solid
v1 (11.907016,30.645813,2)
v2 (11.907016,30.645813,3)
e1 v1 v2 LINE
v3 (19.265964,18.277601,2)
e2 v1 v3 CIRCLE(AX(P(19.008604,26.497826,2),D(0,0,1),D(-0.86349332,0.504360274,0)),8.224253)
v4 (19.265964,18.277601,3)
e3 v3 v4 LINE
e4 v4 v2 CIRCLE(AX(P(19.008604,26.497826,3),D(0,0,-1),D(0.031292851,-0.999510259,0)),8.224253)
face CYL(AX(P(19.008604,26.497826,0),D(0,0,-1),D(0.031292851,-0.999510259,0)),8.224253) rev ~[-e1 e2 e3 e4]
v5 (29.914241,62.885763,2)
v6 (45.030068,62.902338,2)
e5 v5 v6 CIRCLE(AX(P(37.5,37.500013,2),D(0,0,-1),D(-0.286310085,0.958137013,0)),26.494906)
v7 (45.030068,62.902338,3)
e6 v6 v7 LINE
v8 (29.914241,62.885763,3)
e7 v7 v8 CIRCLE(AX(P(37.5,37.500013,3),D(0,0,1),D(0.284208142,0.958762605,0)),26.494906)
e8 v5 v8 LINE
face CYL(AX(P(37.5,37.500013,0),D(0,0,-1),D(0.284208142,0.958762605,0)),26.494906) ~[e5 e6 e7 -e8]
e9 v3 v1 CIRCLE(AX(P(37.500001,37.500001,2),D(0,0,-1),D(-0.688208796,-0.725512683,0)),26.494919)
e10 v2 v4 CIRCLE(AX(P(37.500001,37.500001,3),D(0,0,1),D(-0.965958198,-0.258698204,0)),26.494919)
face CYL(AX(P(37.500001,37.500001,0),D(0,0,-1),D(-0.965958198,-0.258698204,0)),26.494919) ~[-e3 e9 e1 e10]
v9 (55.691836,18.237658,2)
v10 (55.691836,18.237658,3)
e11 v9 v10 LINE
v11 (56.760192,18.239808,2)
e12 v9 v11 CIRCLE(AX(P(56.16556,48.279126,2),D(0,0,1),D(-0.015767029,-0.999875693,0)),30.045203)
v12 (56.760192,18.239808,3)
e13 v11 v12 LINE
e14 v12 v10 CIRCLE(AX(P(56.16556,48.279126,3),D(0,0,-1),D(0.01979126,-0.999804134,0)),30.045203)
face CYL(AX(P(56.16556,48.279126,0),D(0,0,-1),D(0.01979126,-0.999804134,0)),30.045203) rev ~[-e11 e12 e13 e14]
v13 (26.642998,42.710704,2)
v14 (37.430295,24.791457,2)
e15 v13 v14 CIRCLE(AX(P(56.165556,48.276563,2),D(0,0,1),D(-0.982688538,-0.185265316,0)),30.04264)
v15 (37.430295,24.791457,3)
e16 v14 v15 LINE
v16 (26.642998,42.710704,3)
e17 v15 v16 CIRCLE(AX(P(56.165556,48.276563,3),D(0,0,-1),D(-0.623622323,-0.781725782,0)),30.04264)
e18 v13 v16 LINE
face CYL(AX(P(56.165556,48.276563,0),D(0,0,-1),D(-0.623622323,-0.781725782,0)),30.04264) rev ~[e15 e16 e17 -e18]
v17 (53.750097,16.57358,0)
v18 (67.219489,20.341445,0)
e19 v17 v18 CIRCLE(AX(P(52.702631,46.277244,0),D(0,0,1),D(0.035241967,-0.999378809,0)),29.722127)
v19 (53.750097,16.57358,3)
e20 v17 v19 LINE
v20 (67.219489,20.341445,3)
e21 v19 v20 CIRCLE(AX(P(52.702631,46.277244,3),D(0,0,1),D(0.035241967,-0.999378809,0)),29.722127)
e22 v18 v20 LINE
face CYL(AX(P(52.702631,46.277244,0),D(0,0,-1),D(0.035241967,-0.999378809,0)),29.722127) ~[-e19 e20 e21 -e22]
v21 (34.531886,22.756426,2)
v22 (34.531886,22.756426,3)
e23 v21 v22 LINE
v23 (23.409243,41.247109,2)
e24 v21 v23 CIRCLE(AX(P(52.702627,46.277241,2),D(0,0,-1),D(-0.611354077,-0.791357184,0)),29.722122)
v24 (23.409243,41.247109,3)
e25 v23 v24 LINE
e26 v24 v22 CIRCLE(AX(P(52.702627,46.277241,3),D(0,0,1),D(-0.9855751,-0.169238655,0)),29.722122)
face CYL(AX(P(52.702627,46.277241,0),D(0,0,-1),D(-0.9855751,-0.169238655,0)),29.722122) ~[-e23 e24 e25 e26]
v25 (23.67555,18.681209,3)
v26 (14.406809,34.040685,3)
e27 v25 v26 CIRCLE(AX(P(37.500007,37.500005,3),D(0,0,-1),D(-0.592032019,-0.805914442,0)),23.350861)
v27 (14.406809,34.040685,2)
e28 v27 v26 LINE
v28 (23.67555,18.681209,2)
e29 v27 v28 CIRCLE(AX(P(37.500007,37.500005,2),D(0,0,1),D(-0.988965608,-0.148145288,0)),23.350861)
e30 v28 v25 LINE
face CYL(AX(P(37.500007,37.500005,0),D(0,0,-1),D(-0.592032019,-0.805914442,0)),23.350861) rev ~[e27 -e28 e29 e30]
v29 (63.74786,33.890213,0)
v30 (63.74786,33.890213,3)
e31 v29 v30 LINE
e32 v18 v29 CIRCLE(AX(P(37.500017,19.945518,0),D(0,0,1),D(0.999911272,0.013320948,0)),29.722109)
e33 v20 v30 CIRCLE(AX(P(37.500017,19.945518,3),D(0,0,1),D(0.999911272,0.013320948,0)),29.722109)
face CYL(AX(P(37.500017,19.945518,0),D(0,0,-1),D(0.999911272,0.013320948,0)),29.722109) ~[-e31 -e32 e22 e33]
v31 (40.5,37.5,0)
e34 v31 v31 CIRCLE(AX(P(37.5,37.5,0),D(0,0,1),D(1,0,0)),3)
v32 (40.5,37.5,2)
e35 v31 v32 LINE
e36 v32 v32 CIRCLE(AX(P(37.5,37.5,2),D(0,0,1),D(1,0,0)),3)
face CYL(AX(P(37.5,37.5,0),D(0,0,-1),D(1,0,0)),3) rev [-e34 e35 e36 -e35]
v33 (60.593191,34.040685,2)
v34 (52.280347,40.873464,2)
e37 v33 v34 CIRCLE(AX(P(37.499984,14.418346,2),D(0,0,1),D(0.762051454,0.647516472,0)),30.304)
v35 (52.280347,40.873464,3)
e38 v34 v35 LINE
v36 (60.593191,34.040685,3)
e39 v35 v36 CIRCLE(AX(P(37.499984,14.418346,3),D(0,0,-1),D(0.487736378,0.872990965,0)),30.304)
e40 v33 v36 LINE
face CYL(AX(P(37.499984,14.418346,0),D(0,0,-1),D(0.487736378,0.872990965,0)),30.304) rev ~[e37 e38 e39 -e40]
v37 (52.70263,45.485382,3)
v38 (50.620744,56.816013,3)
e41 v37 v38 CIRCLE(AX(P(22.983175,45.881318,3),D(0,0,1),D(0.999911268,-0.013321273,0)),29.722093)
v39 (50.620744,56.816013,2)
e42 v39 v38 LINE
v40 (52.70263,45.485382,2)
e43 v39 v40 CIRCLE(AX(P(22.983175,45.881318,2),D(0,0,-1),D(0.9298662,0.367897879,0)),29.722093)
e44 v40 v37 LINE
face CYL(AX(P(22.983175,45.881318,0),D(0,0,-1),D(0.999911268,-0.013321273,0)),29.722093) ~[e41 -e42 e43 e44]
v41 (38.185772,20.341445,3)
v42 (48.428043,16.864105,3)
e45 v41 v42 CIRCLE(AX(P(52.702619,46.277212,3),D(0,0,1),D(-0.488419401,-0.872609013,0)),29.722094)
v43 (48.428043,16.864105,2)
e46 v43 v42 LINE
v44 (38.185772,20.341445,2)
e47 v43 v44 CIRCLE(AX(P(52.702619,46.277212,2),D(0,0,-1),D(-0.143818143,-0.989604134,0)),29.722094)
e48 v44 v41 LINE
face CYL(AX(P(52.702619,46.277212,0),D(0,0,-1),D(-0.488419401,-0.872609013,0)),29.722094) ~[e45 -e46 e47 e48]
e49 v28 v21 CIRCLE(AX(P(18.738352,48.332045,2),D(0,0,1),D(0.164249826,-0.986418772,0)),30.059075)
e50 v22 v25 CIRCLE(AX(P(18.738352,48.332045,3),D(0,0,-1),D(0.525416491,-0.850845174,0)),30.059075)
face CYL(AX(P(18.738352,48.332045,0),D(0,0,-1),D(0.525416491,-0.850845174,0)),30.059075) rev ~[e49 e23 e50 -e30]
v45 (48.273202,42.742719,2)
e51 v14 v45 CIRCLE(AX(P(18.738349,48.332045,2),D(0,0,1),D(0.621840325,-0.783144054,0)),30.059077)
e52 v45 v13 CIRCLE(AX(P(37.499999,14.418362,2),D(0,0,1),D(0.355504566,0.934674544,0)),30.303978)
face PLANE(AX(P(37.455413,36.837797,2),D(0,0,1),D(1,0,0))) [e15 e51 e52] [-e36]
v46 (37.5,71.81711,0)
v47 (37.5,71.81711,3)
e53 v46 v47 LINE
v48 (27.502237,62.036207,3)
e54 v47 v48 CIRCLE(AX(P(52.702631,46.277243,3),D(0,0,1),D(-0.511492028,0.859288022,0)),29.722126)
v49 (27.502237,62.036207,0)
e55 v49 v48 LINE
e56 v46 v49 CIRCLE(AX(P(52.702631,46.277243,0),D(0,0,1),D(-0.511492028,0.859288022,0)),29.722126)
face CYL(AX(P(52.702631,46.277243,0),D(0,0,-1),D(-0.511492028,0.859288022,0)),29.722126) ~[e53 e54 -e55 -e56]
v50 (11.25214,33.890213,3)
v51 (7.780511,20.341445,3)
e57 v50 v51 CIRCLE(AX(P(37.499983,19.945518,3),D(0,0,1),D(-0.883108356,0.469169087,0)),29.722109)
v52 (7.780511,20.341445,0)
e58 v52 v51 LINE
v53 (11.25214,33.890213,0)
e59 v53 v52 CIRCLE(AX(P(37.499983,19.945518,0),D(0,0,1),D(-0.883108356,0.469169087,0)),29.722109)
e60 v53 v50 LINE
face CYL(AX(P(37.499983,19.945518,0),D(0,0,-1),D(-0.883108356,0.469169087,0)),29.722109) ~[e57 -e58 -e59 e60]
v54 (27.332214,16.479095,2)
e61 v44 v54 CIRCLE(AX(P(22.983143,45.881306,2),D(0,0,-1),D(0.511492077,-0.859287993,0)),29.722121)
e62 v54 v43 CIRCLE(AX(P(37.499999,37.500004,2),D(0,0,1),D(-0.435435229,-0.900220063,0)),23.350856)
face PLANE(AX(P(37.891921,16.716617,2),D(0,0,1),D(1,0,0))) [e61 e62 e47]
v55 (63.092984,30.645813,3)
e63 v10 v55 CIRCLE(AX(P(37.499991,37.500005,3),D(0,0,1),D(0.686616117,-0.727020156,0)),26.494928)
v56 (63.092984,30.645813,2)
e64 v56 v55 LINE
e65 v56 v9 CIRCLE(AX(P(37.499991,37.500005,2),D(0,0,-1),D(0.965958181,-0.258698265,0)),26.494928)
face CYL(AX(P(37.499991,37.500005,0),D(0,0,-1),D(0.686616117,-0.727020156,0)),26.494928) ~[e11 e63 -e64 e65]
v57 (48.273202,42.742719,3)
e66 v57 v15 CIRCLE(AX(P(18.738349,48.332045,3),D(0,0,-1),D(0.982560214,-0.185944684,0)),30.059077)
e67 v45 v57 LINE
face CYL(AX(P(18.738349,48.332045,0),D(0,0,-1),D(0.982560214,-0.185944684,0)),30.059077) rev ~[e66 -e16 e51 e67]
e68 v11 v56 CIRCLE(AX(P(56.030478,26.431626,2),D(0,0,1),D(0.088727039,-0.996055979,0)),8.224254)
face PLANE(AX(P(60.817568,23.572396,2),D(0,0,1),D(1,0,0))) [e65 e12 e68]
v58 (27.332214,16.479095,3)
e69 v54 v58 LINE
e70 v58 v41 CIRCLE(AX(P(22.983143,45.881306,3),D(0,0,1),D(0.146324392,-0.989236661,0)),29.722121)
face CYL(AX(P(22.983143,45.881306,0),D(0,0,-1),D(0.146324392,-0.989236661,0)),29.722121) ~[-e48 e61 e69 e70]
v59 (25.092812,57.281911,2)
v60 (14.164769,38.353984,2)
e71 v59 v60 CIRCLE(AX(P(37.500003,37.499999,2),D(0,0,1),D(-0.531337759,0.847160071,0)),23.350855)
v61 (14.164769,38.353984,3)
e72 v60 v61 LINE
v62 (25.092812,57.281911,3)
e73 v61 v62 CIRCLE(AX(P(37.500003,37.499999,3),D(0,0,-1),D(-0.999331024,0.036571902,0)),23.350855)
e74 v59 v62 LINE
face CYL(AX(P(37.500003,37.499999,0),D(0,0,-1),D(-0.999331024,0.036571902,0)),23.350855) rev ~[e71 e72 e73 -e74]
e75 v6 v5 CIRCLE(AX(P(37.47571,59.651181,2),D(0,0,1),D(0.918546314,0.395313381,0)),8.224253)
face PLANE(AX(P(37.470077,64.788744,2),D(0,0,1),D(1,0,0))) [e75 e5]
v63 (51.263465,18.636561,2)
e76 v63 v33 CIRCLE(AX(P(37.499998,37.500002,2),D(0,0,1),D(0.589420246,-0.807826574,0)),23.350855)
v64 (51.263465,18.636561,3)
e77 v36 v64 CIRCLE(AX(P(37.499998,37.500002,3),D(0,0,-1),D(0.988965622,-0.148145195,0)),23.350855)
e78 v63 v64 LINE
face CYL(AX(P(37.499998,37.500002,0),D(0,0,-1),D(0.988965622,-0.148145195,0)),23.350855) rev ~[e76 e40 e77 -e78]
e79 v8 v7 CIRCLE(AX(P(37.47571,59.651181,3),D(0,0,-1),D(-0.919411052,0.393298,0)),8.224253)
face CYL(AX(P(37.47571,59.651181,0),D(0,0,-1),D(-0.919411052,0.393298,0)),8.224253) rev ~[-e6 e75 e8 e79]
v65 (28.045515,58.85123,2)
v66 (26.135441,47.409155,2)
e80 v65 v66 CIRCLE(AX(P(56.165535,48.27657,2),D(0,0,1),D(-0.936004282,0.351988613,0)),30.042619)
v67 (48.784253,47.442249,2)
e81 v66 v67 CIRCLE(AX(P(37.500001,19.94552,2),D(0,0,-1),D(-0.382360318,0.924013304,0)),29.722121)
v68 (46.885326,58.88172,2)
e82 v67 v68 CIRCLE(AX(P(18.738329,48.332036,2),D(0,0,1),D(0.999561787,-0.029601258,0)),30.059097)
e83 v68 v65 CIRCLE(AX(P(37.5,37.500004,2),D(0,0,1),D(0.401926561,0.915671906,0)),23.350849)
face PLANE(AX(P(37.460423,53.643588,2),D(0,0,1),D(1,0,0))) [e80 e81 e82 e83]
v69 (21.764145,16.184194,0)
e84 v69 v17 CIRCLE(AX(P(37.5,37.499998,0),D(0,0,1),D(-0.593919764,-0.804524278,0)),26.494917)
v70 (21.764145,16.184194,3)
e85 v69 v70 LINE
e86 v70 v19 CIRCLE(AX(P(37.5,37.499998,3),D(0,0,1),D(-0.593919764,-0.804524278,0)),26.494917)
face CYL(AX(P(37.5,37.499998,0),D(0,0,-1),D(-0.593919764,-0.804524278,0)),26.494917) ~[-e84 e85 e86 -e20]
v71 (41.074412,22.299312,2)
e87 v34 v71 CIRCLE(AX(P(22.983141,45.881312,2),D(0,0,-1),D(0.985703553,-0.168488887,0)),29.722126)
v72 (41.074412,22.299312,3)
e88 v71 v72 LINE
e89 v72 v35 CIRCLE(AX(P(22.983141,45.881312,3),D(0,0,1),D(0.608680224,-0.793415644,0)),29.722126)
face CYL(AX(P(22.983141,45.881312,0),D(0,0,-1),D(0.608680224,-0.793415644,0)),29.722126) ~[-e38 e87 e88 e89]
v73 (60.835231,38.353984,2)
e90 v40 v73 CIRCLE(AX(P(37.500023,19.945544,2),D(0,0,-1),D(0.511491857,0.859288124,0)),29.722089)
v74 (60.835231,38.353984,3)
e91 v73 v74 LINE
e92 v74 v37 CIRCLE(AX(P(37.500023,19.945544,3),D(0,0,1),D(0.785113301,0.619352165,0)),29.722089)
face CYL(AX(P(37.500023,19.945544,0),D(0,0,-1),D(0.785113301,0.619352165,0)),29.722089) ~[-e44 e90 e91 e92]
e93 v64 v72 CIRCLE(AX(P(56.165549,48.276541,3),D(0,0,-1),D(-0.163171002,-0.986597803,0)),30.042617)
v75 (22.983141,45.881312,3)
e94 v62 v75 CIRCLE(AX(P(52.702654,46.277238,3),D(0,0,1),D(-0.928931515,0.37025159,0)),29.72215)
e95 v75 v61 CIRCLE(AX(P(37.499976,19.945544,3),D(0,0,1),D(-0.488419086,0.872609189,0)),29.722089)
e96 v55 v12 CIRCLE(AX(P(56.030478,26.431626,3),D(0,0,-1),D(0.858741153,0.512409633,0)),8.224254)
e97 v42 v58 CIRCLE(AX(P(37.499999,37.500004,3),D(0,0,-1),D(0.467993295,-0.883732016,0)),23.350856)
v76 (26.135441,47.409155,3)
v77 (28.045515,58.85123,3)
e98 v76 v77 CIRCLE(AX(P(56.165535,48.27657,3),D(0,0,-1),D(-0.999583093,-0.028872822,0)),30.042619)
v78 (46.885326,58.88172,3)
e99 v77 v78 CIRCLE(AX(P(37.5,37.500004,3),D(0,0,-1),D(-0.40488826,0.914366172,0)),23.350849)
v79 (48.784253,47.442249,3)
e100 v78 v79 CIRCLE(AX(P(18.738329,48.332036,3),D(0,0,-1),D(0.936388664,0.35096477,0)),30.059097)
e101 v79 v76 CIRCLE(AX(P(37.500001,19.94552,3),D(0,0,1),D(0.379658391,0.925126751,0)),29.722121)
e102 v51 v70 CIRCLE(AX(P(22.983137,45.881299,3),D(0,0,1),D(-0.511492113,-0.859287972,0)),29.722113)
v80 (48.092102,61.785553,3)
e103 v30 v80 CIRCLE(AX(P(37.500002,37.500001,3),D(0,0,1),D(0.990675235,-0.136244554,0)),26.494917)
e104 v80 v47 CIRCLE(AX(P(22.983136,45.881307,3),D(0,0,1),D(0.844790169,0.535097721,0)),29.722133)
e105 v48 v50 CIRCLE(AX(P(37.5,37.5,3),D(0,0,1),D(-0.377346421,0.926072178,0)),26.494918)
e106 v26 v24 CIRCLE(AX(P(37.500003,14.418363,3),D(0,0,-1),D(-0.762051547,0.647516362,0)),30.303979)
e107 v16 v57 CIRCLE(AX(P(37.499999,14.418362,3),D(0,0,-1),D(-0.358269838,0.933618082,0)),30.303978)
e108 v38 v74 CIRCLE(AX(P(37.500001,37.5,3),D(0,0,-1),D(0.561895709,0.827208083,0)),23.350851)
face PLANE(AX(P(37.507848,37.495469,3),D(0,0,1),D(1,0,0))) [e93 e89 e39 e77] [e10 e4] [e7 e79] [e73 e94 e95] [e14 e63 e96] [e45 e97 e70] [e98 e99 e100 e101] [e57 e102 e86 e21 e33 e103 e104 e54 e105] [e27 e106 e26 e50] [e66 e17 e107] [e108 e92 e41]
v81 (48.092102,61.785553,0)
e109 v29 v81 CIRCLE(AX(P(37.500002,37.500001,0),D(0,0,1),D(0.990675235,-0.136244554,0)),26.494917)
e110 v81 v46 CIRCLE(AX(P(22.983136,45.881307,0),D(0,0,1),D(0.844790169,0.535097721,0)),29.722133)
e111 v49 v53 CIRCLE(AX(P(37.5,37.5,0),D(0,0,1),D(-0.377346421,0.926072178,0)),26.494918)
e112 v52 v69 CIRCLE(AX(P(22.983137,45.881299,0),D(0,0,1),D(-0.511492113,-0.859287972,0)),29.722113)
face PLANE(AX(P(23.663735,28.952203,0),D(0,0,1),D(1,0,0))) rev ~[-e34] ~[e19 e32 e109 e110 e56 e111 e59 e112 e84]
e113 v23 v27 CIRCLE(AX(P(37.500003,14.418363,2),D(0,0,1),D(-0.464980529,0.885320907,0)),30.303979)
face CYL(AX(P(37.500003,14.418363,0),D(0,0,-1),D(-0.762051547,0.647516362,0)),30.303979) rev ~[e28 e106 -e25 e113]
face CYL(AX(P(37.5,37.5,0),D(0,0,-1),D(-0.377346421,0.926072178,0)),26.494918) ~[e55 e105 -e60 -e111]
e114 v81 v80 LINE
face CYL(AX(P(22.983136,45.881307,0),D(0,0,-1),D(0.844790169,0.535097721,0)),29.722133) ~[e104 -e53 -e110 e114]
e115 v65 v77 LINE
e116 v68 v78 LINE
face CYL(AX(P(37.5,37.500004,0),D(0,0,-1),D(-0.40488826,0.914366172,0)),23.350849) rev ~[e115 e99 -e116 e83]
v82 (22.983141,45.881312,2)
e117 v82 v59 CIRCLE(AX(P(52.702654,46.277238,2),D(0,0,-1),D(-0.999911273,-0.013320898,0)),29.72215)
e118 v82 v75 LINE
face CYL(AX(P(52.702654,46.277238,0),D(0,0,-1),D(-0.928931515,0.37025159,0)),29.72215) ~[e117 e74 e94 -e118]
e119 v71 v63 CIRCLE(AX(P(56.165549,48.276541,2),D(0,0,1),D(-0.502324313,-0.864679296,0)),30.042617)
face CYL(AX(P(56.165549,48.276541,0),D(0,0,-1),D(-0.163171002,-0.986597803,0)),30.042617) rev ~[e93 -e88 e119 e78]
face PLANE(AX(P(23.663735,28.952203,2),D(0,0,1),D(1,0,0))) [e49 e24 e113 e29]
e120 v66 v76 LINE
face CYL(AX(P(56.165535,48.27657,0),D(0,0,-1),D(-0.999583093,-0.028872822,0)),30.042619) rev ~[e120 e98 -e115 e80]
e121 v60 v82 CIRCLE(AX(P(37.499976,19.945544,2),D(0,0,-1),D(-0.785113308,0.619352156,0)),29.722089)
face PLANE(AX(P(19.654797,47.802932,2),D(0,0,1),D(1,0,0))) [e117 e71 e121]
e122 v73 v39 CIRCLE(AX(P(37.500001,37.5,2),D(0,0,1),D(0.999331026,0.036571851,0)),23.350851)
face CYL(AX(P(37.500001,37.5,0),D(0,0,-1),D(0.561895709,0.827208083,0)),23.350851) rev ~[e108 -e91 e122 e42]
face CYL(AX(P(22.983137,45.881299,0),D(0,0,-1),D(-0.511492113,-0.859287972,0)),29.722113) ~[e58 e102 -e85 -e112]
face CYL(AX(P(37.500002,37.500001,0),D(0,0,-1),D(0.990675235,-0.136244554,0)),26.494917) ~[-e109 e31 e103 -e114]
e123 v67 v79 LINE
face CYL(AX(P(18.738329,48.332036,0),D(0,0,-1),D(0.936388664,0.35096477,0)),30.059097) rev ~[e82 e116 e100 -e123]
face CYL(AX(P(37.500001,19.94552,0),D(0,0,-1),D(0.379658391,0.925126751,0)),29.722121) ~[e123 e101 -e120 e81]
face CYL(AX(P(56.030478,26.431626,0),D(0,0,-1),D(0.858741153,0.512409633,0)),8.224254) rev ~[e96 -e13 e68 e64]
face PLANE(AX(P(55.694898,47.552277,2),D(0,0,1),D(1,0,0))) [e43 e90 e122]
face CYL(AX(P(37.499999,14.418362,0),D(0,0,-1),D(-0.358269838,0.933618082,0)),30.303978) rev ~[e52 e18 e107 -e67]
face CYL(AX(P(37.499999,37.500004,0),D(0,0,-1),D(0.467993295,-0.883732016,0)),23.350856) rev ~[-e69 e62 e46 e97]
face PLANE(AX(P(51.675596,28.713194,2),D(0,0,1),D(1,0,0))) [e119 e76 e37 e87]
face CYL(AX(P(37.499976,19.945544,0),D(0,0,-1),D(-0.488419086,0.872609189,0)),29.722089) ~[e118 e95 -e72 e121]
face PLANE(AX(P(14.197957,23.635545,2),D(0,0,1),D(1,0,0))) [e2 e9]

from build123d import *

# Parameters (mm, degrees)
F1_DEPTH = 3
F0_R     = 3
F2_DEPTH = 2


with BuildPart() as f1:
    # F0 (on Top) → F1 (new body)
    with BuildSketch(Plane.XY):
        with BuildLine():
            ThreePointArc((11.25214, 33.890213), (8.708016, 27.322944), (7.780511, 20.341445))
            ThreePointArc((7.780511, 20.341445), (14.513304, 17.391548), (21.764145, 16.184194))
            ThreePointArc((21.764145, 16.184194), (37.822516, 11.007044), (53.750097, 16.57358))
            ThreePointArc((53.750097, 16.57358), (60.709581, 17.653939), (67.219489, 20.341445))
            ThreePointArc((67.219489, 20.341445), (66.291984, 27.322944), (63.74786, 33.890213))
            ThreePointArc((63.74786, 33.890213), (60.604831, 50.467171), (48.092102, 61.785553))
            ThreePointArc((48.092102, 61.785553), (43.421082, 67.461288), (37.5, 71.81711))
            ThreePointArc((37.5, 71.81711), (31.917597, 67.523117), (27.502237, 62.036207))
            ThreePointArc((27.502237, 62.036207), (14.554727, 50.747459), (11.25214, 33.890213))
        make_face()
        with BuildLine():
            ThreePointArc((19.265964, 18.277601), (11.940787, 22.292555), (11.907016, 30.645813))
            ThreePointArc((11.907016, 30.645813), (14.730611, 23.952468), (19.265964, 18.277601))
        make_face(mode=Mode.SUBTRACT)
        with BuildLine():
            ThreePointArc((23.67555, 18.681209), (17.507341, 25.435346), (14.406809, 34.040685))
            ThreePointArc((14.406809, 34.040685), (18.562085, 38.076055), (23.409243, 41.247109))
            ThreePointArc((23.409243, 41.247109), (27.23329, 30.95675), (34.531886, 22.756426))
            ThreePointArc((34.531886, 22.756426), (29.302095, 20.190344), (23.67555, 18.681209))
        make_face(mode=Mode.SUBTRACT)
        with BuildLine():
            ThreePointArc((37.430295, 24.791457), (30.426886, 32.782013), (26.642998, 42.710704))
            ThreePointArc((26.642998, 42.710704), (37.455146, 44.722307), (48.273202, 42.742719))
            ThreePointArc((48.273202, 42.742719), (44.468059, 32.790805), (37.430295, 24.791457))
        make_face(mode=Mode.SUBTRACT)
        with BuildLine():
            ThreePointArc((48.428043, 16.864105), (37.926094, 14.153036), (27.332214, 16.479095))
            ThreePointArc((27.332214, 16.479095), (32.947915, 17.879382), (38.185772, 20.341445))
            ThreePointArc((38.185772, 20.341445), (43.147392, 18.132932), (48.428043, 16.864105))
        make_face(mode=Mode.SUBTRACT)
        with BuildLine():
            ThreePointArc((56.760192, 18.239808), (56.226023, 18.233984), (55.691836, 18.237658))
            ThreePointArc((55.691836, 18.237658), (60.25452, 23.927509), (63.092984, 30.645813))
            ThreePointArc((63.092984, 30.645813), (63.355566, 22.692448), (56.760192, 18.239808))
        make_face(mode=Mode.SUBTRACT)
        with BuildLine():
            ThreePointArc((60.593191, 34.040685), (57.473108, 25.403006), (51.263465, 18.636561))
            ThreePointArc((51.263465, 18.636561), (46.002569, 20.00513), (41.074412, 22.299312))
            ThreePointArc((41.074412, 22.299312), (48.432438, 30.527547), (52.280347, 40.873464))
            ThreePointArc((52.280347, 40.873464), (56.742477, 37.829003), (60.593191, 34.040685))
        make_face(mode=Mode.SUBTRACT)
        with BuildLine():
            ThreePointArc((14.164769, 38.353984), (17.277569, 49.175426), (25.092812, 57.281911))
            ThreePointArc((25.092812, 57.281911), (23.476687, 51.685478), (22.983141, 45.881312))
            ThreePointArc((22.983141, 45.881312), (18.203359, 42.551807), (14.164769, 38.353984))
        make_face(mode=Mode.SUBTRACT)
        with BuildLine():
            ThreePointArc((28.045515, 58.85123), (37.462209, 60.850822), (46.885326, 58.88172))
            ThreePointArc((46.885326, 58.88172), (48.391649, 53.254422), (48.784253, 47.442249))
            ThreePointArc((48.784253, 47.442249), (37.456571, 49.667609), (26.135441, 47.409155))
            ThreePointArc((26.135441, 47.409155), (26.532965, 53.223261), (28.045515, 58.85123))
        make_face(mode=Mode.SUBTRACT)
        with BuildLine():
            ThreePointArc((29.914241, 62.885763), (37.466692, 67.875429), (45.030068, 62.902338))
            ThreePointArc((45.030068, 62.902338), (37.470947, 63.994903), (29.914241, 62.885763))
        make_face(mode=Mode.SUBTRACT)
        with BuildLine():
            ThreePointArc((50.620744, 56.816013), (57.932111, 48.804474), (60.835231, 38.353984))
            ThreePointArc((60.835231, 38.353984), (57.096069, 42.292749), (52.70263, 45.485382))
            ThreePointArc((52.70263, 45.485382), (52.215911, 51.25253), (50.620744, 56.816013))
        make_face(mode=Mode.SUBTRACT)
    extrude(amount=F1_DEPTH)

    # F0 (on Top) → F2 (join)
    with BuildSketch(Plane.XY):
        with BuildLine():
            ThreePointArc((23.409243, 41.247109), (18.562085, 38.076055), (14.406809, 34.040685))
            ThreePointArc((14.406809, 34.040685), (17.507341, 25.435346), (23.67555, 18.681209))
            ThreePointArc((23.67555, 18.681209), (29.302095, 20.190344), (34.531886, 22.756426))
            ThreePointArc((34.531886, 22.756426), (27.23329, 30.95675), (23.409243, 41.247109))
        make_face()
        with BuildLine():
            ThreePointArc((19.265964, 18.277601), (14.730611, 23.952468), (11.907016, 30.645813))
            ThreePointArc((11.907016, 30.645813), (11.940787, 22.292555), (19.265964, 18.277601))
        make_face()
        with BuildLine():
            ThreePointArc((22.983141, 45.881312), (23.476687, 51.685478), (25.092812, 57.281911))
            ThreePointArc((25.092812, 57.281911), (17.277569, 49.175426), (14.164769, 38.353984))
            ThreePointArc((14.164769, 38.353984), (18.203359, 42.551807), (22.983141, 45.881312))
        make_face()
        with BuildLine():
            ThreePointArc((48.784253, 47.442249), (48.391649, 53.254422), (46.885326, 58.88172))
            ThreePointArc((46.885326, 58.88172), (37.462209, 60.850822), (28.045515, 58.85123))
            ThreePointArc((28.045515, 58.85123), (26.532965, 53.223261), (26.135441, 47.409155))
            ThreePointArc((26.135441, 47.409155), (37.456571, 49.667609), (48.784253, 47.442249))
        make_face()
        with BuildLine():
            ThreePointArc((29.914241, 62.885763), (37.470947, 63.994903), (45.030068, 62.902338))
            ThreePointArc((45.030068, 62.902338), (37.466692, 67.875429), (29.914241, 62.885763))
        make_face()
        with BuildLine():
            ThreePointArc((52.70263, 45.485382), (57.096069, 42.292749), (60.835231, 38.353984))
            ThreePointArc((60.835231, 38.353984), (57.932111, 48.804474), (50.620744, 56.816013))
            ThreePointArc((50.620744, 56.816013), (52.215911, 51.25253), (52.70263, 45.485382))
        make_face()
        with BuildLine():
            ThreePointArc((41.074412, 22.299312), (46.002569, 20.00513), (51.263465, 18.636561))
            ThreePointArc((51.263465, 18.636561), (57.473108, 25.403006), (60.593191, 34.040685))
            ThreePointArc((60.593191, 34.040685), (56.742477, 37.829003), (52.280347, 40.873464))
            ThreePointArc((52.280347, 40.873464), (48.432438, 30.527547), (41.074412, 22.299312))
        make_face()
        with BuildLine():
            ThreePointArc((38.185772, 20.341445), (32.947915, 17.879382), (27.332214, 16.479095))
            ThreePointArc((27.332214, 16.479095), (37.926094, 14.153036), (48.428043, 16.864105))
            ThreePointArc((48.428043, 16.864105), (43.147392, 18.132932), (38.185772, 20.341445))
        make_face()
        with BuildLine():
            ThreePointArc((63.092984, 30.645813), (60.25452, 23.927509), (55.691836, 18.237658))
            ThreePointArc((55.691836, 18.237658), (56.226023, 18.233984), (56.760192, 18.239808))
            ThreePointArc((56.760192, 18.239808), (63.355566, 22.692448), (63.092984, 30.645813))
        make_face()
        with BuildLine():
            ThreePointArc((48.273202, 42.742719), (37.455146, 44.722307), (26.642998, 42.710704))
            ThreePointArc((26.642998, 42.710704), (30.426886, 32.782013), (37.430295, 24.791457))
            ThreePointArc((37.430295, 24.791457), (44.468059, 32.790805), (48.273202, 42.742719))
        make_face()
        with Locations((37.5, 37.5)):
            Circle(F0_R, mode=Mode.SUBTRACT)
    extrude(amount=F2_DEPTH)


solid = f1.part
